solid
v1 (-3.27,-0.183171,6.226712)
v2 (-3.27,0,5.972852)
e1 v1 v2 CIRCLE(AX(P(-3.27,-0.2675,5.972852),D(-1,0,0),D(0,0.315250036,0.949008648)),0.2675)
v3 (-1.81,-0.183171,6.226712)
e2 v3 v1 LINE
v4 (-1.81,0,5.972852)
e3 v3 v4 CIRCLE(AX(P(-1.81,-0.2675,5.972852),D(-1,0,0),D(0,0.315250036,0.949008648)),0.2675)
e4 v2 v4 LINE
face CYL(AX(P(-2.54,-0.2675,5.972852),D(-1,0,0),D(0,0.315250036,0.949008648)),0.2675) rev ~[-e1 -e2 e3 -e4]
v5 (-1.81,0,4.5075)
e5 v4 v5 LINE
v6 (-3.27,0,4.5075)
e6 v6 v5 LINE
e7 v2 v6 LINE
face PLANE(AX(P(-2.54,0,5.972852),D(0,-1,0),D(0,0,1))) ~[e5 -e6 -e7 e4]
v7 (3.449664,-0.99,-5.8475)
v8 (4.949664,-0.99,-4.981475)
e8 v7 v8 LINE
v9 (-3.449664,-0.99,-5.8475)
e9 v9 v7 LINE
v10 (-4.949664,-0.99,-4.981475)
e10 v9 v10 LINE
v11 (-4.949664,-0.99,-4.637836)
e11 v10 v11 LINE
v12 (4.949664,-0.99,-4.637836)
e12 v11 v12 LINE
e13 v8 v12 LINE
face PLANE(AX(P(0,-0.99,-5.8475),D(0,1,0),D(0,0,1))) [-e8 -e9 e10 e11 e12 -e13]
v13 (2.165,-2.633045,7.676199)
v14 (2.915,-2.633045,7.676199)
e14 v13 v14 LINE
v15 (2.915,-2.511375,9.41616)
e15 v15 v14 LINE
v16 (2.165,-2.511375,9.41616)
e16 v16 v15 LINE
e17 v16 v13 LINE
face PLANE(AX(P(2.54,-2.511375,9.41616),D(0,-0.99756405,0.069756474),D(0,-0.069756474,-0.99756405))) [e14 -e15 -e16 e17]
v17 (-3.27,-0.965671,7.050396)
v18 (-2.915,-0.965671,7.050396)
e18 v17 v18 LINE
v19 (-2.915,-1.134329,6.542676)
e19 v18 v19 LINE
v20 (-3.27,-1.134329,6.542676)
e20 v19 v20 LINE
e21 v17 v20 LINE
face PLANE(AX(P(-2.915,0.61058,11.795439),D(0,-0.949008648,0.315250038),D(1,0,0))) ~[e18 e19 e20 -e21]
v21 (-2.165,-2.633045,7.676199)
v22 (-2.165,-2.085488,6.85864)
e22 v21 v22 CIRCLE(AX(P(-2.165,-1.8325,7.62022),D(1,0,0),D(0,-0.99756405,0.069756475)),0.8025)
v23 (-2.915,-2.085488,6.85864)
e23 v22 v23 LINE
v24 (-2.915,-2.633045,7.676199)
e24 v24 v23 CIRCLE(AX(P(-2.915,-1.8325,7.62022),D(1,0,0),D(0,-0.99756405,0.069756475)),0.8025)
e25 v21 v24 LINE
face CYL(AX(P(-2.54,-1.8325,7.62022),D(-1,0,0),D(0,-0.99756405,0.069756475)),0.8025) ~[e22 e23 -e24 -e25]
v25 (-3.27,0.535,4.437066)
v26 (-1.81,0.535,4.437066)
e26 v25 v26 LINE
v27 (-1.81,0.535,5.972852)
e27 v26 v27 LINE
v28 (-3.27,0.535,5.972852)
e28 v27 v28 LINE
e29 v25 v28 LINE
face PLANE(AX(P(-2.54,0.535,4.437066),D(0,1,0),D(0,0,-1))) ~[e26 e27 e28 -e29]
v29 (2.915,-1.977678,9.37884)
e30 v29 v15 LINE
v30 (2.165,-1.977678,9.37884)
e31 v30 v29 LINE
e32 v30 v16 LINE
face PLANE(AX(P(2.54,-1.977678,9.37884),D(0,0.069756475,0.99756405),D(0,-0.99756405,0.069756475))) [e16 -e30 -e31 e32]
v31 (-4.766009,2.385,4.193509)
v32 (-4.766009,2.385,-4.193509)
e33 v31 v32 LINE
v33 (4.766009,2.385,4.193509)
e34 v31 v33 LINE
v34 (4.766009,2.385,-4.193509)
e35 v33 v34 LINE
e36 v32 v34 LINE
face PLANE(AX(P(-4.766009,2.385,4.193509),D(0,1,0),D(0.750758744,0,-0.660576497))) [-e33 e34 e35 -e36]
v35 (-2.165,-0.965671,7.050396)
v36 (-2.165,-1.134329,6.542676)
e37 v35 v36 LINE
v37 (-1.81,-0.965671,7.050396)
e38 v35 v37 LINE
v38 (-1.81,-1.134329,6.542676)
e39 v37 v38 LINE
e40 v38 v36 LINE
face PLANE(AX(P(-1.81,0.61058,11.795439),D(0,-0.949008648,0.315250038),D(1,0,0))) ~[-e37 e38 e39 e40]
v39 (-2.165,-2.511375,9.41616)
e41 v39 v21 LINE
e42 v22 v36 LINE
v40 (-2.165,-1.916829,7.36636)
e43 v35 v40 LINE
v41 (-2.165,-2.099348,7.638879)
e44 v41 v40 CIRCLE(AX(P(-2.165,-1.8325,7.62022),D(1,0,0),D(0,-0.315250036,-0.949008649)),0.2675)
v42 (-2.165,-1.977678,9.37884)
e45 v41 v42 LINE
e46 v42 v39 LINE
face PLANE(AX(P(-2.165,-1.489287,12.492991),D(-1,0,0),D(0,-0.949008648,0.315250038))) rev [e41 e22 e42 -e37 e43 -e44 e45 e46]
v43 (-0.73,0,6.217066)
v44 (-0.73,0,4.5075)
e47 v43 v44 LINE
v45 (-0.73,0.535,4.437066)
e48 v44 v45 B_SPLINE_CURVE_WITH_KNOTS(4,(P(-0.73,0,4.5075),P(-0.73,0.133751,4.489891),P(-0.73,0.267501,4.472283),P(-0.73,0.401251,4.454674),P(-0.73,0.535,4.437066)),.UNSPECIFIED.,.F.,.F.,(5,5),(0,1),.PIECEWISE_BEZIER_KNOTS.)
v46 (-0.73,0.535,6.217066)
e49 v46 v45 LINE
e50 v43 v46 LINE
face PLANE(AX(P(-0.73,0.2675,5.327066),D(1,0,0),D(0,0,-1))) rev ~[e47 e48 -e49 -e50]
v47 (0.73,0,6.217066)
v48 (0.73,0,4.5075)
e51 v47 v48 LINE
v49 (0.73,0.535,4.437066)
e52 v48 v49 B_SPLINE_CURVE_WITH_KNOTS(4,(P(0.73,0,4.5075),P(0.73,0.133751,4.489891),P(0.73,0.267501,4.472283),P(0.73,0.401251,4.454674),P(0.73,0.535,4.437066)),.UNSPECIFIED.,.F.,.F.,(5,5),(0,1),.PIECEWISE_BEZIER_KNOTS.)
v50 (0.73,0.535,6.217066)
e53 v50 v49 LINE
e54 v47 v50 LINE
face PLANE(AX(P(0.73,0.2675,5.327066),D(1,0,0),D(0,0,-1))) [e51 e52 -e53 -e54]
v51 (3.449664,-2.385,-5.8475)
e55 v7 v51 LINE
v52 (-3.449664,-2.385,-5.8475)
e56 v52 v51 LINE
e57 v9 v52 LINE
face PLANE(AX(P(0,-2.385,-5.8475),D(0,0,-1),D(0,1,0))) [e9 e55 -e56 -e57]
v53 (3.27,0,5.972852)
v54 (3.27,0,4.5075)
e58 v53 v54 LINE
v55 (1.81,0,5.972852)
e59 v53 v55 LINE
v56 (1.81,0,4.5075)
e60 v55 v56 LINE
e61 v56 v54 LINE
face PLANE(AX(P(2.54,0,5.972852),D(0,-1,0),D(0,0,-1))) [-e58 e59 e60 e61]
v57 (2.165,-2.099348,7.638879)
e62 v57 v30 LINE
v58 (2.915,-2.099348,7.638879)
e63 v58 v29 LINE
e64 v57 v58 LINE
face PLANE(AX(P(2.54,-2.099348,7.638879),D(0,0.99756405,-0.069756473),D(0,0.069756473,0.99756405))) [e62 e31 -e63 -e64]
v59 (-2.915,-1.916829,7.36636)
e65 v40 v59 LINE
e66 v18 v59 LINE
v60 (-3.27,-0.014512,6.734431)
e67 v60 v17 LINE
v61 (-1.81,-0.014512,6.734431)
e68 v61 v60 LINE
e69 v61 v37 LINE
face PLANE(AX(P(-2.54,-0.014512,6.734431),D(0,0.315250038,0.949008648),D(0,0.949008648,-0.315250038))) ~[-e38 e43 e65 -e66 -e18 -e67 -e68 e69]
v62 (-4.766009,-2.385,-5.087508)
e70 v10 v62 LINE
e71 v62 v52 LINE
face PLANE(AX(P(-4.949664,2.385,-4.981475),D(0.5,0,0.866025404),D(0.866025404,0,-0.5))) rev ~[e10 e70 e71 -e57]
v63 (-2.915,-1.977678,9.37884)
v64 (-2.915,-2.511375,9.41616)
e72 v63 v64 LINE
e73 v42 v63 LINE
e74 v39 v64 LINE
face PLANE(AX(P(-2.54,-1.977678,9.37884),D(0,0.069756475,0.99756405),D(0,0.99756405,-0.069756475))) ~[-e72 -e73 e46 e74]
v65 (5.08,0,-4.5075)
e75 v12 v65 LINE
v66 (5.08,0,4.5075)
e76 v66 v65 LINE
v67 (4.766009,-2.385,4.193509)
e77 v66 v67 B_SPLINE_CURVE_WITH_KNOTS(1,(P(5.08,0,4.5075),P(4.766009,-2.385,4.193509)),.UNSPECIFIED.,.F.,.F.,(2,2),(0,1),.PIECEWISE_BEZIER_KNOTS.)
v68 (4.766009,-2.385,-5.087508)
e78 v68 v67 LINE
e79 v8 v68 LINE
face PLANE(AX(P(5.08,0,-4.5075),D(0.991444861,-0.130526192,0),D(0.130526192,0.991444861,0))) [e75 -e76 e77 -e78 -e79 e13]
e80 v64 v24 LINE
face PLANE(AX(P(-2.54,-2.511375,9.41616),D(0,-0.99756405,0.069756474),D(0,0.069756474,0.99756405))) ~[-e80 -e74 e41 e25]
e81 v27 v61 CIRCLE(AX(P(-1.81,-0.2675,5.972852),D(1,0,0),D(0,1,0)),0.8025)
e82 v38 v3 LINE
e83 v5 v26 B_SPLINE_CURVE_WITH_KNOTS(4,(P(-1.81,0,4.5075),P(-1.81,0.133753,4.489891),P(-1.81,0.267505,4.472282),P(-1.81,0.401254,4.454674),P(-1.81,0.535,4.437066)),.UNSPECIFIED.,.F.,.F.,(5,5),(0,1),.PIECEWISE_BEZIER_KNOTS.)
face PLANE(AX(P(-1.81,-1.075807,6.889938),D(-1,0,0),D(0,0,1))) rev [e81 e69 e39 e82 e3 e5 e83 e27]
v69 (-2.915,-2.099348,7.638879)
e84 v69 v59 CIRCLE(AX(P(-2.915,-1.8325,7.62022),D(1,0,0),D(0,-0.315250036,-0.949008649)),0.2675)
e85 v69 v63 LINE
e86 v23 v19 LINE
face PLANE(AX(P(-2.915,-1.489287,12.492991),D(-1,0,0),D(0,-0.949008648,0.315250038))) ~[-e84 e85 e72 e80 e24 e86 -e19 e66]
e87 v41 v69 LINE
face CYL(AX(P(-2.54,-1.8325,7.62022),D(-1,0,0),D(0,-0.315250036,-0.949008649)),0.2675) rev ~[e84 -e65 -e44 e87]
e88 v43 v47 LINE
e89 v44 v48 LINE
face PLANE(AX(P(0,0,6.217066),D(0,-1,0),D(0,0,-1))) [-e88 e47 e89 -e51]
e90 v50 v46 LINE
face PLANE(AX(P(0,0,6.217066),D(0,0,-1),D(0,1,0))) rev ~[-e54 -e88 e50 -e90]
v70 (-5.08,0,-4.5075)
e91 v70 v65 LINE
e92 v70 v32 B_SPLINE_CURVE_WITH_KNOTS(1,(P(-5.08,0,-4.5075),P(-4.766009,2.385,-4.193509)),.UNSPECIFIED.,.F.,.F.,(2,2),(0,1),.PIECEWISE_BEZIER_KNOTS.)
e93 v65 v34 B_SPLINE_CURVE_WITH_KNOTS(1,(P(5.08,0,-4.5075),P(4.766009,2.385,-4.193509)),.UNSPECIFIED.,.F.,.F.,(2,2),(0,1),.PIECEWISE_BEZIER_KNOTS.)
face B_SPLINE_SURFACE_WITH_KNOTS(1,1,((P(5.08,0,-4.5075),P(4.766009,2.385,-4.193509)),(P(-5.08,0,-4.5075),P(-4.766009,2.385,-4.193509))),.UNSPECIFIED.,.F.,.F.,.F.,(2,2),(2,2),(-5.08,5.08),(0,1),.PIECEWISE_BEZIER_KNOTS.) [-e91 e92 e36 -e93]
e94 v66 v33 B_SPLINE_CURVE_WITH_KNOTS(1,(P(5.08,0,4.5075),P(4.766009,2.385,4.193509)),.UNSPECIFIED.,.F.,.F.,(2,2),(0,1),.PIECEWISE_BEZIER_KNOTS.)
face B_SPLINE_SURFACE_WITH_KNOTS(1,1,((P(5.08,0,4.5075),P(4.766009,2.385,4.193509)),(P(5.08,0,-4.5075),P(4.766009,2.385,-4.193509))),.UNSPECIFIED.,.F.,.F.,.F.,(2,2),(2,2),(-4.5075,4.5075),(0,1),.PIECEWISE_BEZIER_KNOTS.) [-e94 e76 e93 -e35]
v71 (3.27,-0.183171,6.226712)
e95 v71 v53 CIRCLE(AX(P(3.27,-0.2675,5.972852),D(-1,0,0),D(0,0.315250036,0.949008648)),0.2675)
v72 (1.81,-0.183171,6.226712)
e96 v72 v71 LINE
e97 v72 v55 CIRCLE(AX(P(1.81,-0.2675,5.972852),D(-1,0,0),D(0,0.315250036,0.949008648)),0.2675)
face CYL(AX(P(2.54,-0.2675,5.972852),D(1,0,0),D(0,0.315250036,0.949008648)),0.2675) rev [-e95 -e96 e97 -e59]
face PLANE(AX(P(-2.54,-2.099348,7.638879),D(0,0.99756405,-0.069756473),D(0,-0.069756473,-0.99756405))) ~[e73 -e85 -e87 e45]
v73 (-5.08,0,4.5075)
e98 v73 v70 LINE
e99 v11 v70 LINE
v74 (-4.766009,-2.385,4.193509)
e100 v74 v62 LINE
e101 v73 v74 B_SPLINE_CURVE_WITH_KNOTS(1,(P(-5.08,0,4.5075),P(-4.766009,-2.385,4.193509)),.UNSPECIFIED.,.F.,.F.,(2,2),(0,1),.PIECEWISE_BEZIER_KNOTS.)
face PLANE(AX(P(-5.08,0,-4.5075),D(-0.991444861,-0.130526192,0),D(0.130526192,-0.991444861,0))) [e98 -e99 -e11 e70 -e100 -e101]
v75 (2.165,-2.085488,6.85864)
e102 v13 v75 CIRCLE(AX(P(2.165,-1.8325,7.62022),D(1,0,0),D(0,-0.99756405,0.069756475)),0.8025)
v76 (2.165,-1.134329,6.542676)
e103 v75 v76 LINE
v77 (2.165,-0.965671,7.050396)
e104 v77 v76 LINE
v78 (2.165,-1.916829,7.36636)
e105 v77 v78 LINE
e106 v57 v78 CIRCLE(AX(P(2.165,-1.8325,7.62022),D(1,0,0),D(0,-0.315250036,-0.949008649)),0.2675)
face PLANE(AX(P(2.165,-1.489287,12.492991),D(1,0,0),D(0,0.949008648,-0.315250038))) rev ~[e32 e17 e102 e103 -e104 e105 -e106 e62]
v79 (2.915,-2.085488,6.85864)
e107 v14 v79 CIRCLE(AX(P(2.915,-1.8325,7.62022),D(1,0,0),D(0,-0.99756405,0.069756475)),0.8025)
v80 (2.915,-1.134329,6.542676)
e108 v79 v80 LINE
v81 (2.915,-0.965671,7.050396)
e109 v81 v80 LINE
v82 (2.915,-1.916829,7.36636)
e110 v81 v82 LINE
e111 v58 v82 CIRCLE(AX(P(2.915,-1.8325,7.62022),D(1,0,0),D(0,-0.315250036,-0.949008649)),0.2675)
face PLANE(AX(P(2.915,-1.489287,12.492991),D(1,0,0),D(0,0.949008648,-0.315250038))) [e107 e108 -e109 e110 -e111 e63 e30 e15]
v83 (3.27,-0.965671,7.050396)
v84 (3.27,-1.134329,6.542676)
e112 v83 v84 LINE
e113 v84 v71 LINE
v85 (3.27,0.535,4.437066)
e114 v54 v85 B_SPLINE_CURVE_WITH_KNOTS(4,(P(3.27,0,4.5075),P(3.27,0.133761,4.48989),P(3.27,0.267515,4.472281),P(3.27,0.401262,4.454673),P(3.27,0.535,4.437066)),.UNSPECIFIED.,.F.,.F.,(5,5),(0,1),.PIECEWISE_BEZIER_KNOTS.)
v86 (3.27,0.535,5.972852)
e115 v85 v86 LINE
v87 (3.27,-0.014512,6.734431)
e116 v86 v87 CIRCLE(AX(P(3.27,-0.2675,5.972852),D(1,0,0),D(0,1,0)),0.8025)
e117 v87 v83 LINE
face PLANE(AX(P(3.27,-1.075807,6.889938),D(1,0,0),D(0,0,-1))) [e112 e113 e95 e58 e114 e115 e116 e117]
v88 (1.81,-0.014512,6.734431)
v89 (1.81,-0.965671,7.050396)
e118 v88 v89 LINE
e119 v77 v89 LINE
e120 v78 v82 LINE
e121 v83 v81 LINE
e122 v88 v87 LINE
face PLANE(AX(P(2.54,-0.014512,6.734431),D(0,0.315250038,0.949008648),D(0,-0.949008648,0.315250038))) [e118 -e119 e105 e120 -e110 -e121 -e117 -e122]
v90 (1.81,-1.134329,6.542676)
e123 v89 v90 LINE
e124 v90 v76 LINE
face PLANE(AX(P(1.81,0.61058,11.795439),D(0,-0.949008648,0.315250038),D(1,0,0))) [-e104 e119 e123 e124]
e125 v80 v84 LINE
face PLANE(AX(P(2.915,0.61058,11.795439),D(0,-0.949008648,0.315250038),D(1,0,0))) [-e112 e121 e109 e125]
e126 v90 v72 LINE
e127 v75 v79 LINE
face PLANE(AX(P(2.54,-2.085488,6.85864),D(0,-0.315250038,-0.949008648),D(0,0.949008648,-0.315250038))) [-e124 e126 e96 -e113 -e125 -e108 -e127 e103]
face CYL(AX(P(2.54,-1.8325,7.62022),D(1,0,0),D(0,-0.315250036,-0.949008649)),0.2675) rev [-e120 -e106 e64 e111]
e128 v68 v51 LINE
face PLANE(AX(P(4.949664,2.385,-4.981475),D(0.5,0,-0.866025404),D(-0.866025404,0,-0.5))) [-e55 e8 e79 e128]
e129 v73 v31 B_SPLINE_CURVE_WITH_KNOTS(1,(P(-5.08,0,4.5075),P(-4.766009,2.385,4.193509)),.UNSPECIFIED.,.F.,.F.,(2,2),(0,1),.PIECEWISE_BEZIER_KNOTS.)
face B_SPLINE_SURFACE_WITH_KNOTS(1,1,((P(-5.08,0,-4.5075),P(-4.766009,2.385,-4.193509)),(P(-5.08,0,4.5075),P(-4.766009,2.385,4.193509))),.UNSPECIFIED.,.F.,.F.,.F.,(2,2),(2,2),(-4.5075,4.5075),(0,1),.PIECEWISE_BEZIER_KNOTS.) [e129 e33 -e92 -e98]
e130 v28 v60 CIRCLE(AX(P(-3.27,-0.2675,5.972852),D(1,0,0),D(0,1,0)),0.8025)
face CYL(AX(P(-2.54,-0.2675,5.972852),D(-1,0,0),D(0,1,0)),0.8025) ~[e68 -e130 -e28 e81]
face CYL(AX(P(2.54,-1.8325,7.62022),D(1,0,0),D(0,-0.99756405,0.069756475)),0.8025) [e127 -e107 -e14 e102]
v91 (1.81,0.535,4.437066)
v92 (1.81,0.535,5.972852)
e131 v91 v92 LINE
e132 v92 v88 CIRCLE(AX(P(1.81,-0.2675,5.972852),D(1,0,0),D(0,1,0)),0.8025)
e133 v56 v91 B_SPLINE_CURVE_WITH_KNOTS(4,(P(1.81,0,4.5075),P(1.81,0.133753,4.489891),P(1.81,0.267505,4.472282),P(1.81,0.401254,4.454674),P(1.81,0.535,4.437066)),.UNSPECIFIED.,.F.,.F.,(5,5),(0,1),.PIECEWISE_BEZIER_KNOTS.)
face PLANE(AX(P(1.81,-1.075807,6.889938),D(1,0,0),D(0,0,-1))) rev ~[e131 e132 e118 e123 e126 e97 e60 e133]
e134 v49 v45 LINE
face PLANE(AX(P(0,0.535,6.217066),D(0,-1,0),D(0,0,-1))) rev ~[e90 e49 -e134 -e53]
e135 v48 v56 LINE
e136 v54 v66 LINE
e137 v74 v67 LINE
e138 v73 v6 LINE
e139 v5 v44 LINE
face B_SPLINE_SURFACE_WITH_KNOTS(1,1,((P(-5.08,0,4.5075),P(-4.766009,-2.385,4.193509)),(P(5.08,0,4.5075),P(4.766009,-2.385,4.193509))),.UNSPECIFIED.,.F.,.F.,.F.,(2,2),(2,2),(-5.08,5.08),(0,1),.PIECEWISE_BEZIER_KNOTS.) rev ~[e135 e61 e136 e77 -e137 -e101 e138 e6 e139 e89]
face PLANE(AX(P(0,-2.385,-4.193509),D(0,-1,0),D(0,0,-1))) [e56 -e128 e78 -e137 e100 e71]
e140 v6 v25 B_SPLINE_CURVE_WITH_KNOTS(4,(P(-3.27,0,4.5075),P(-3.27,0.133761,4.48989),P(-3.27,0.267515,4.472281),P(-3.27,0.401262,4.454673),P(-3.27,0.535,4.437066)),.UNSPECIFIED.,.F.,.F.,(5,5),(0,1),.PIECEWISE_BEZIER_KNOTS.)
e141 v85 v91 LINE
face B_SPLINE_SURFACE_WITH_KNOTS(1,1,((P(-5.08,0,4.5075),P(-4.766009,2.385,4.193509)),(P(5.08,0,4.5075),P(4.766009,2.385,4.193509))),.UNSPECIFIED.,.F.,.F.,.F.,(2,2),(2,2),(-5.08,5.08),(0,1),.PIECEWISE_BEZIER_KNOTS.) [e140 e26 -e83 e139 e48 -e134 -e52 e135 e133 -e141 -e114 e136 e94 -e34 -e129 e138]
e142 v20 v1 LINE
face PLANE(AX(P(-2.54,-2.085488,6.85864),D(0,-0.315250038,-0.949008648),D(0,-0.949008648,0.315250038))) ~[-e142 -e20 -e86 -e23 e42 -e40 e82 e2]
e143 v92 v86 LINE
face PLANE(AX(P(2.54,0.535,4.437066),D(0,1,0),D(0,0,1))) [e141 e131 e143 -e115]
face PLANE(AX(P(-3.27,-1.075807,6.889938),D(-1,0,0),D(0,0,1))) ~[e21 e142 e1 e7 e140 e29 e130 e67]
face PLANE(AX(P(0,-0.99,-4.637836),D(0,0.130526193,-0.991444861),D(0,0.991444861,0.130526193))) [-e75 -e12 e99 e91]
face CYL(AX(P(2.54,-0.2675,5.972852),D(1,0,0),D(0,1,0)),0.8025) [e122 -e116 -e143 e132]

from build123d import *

# Parameters (mm, degrees)
SKETCH1_W                  = 10.16
SKETCH1_H                  = 9.015
EXTRUDE1_DEPTH             = 2.385
EXTRUDE1_TAPER             = 7.5
EXTRUDE1_OTHER_WAY_DEPTH   = 2.385
EXTRUDE1_OTHER_WAY_TAPER   = 7.5
EXTRUDE2_REACH             = 9.198
EXTRUDE2_DIRECTION_2_REACH = 9.198
CUT_EXTRUDE5_REACH         = 11.097
EXTRUDE5_DEPTH             = 0.73
SKETCH29_W                 = 1.78
SKETCH29_H                 = 0.535
EXTRUDE6_DEPTH             = 0.73
CUT_EXTRUDE8_REACH         = 20.49
SKETCH34_W                 = 0.355
SKETCH34_H                 = 2.212694359


with BuildPart() as part:
    # Sketch1 → Extrude1 (new body)
    with BuildSketch(Plane(origin=(0, 0, 0), x_dir=(1, 0, 0), z_dir=(0, 1, 0))):
        Rectangle(SKETCH1_W, SKETCH1_H)
    extrude(amount=EXTRUDE1_DEPTH, taper=EXTRUDE1_TAPER)

    # Sketch1 → Extrude1 other way (add)
    with BuildSketch(Plane(origin=(0, 0, 0), x_dir=(1, 0, 0), z_dir=(0, 1, 0))):
        Rectangle(SKETCH1_W, SKETCH1_H)
    extrude(amount=-EXTRUDE1_OTHER_WAY_DEPTH, taper=EXTRUDE1_OTHER_WAY_TAPER)

    # Extrude2: up to this plane
    extrude2_end = Plane(origin=(5.08, 0, -4.5075), z_dir=(0.9914448613738104, -0.13052619222005188, 0))
    # Sketch2 → Extrude2 (add, up to the surface)
    with BuildSketch(Plane(origin=(0, 0, 0), x_dir=(0, 0, -1), z_dir=(1, 0, 0)), mode=Mode.PRIVATE) as extrude2_sk1:
        Polygon((4.5075, 0), (4.193508793, -2.385), (5.8475, -2.385), (5.8475, -0.99), (4.637835973, -0.99), align=None)
    extrude2_tool1 = split(extrude(extrude2_sk1.sketch, amount=EXTRUDE2_REACH, mode=Mode.PRIVATE), bisect_by=extrude2_end, keep=Keep.BOTH, mode=Mode.PRIVATE)
    add(extrude2_tool1.solids().sort_by_distance((0, -1.642965, -5.034325))[0])

    # Extrude2 direction 2: up to this plane
    extrude2_direction_2_end = Plane(origin=(-5.08, 0, -4.5075), z_dir=(-0.9914448613738104, -0.13052619222005188, 0))
    # Sketch2 → Extrude2 direction 2 (add, up to the surface)
    with BuildSketch(Plane(origin=(0, 0, 0), x_dir=(0, 0, -1), z_dir=(1, 0, 0)), mode=Mode.PRIVATE) as extrude2_direction_2_sk1:
        Polygon((4.5075, 0), (4.193508793, -2.385), (5.8475, -2.385), (5.8475, -0.99), (4.637835973, -0.99), align=None)
    extrude2_direction_2_tool1 = split(extrude(extrude2_direction_2_sk1.sketch, amount=-EXTRUDE2_DIRECTION_2_REACH, mode=Mode.PRIVATE), bisect_by=extrude2_direction_2_end, keep=Keep.BOTH, mode=Mode.PRIVATE)
    add(extrude2_direction_2_tool1.solids().sort_by_distance((0, -1.642965, -5.034325))[0])

    # Sketch27 → Cut-Extrude5 (cut, up to next)
    with BuildSketch(Plane(origin=(0, 2.385, 0), x_dir=(1, 0, 0), z_dir=(0, 1, 0)), mode=Mode.PRIVATE) as cut_extrude5_sk1:
        Polygon((3.449664027, 5.8475), (4.949664027, 5.8475), (4.949664027, 4.981474596), align=None)
    cut_extrude5_tool1 = extrude(cut_extrude5_sk1.sketch, amount=-CUT_EXTRUDE5_REACH, mode=Mode.PRIVATE) & part.part
    # Sketch27 → Cut-Extrude5 (cut, up to next)
    with BuildSketch(Plane(origin=(0, 2.385, 0), x_dir=(1, 0, 0), z_dir=(0, 1, 0)), mode=Mode.PRIVATE) as cut_extrude5_sk2:
        Polygon((-4.949664027, 4.981474596), (-3.449664027, 5.8475), (-4.949664027, 5.8475), align=None)
    cut_extrude5_tool2 = extrude(cut_extrude5_sk2.sketch, amount=-CUT_EXTRUDE5_REACH, mode=Mode.PRIVATE) & part.part
    add(cut_extrude5_tool1.solids().sort_by_distance((4.449664, 2.385, -5.558825))[0], mode=Mode.SUBTRACT)
    add(cut_extrude5_tool2.solids().sort_by_distance((-4.449664, 2.385, -5.558825))[0], mode=Mode.SUBTRACT)

    # Sketch28 → Extrude5 (add, symmetric)
    with BuildSketch(Plane(origin=(2.54, 0, 0), x_dir=(0, 0, -1), z_dir=(1, 0, 0))):
        with BuildLine():
            Line((-4.437065914, 0.535), (-5.972851804, 0.535))
            ThreePointArc((-5.972851804, 0.535), (-6.442417164, 0.383280011), (-6.734431244, -0.014511844))
            Line((-6.734431244, -0.014511844), (-7.366359813, -1.916829385))
            ThreePointArc((-7.366359813, -1.916829385), (-7.47136382, -2.054757056), (-7.638879483, -2.099348383))
            Line((-7.638879483, -2.099348383), (-9.378840143, -1.977678482))
            Line((-9.378840143, -1.977678482), (-9.416159857, -2.511375248))
            Line((-9.416159857, -2.511375248), (-7.676199197, -2.63304515))
            ThreePointArc((-7.676199197, -2.63304515), (-7.173652208, -2.499271168), (-6.858640187, -2.085488156))
            Line((-6.858640187, -2.085488156), (-6.226711617, -0.183170615))
            ThreePointArc((-6.226711617, -0.183170615), (-6.129373591, -0.05057333), (-5.972851804, 0))
            Line((-5.972851804, 0), (-4.437065914, 0))
            Line((-4.437065914, 0), (-4.437065914, 0.535))
        make_face()
    extrude5 = extrude(amount=EXTRUDE5_DEPTH, both=True)

    # Sketch29 → Extrude6 (add, symmetric)
    with BuildSketch(Plane(origin=(0, 0, 0), x_dir=(0, 0, -1), z_dir=(1, 0, 0))):
        with Locations((-5.327065914, 0.2675)):
            Rectangle(SKETCH29_W, SKETCH29_H)
    extrude(amount=EXTRUDE6_DEPTH, both=True)

    # Mirror1: Extrude5 across plane
    add(extrude5.mirror(Plane(origin=(0, 0, 0), x_dir=(0, 0, 1), z_dir=(1, 0, 0))))

    # Sketch34 → Cut-Extrude8 (cut, up to next)
    with BuildSketch(Plane(origin=(0, 3.589581516, 10.805847706), x_dir=(1, 0, 0), z_dir=(0, 0.3152500380612474, 0.9490086477489982)), mode=Mode.PRIVATE) as cut_extrude8_sk1:
        with Locations((3.0925, -4.245414402)):
            Rectangle(SKETCH34_W, SKETCH34_H)
    cut_extrude8_tool1 = extrude(cut_extrude8_sk1.sketch, amount=-CUT_EXTRUDE8_REACH, mode=Mode.PRIVATE) & part.part
    # Sketch34 → Cut-Extrude8 (cut, up to next)
    with BuildSketch(Plane(origin=(0, 3.589581516, 10.805847706), x_dir=(1, 0, 0), z_dir=(0, 0.3152500380612474, 0.9490086477489982)), mode=Mode.PRIVATE) as cut_extrude8_sk2:
        with Locations((1.9875, -4.245414402)):
            Rectangle(SKETCH34_W, SKETCH34_H)
    cut_extrude8_tool2 = extrude(cut_extrude8_sk2.sketch, amount=-CUT_EXTRUDE8_REACH, mode=Mode.PRIVATE) & part.part
    cut_extrude8_1 = cut_extrude8_tool1.solids().sort_by_distance((3.0925, -0.439353, 12.144215))[0]
    add(cut_extrude8_1, mode=Mode.SUBTRACT)
    cut_extrude8_2 = cut_extrude8_tool2.solids().sort_by_distance((1.9875, -0.439353, 12.144215))[0]
    add(cut_extrude8_2, mode=Mode.SUBTRACT)
    cut_extrude8 = cut_extrude8_1 + cut_extrude8_2  # Cut-Extrude8 as one shape, for the pattern or mirror that repeats it

    # Mirror2: Cut-Extrude8 across plane
    add(cut_extrude8.mirror(Plane(origin=(0, 0, 0), x_dir=(0, 0, 1), z_dir=(1, 0, 0))), mode=Mode.SUBTRACT)


solid = part.part
